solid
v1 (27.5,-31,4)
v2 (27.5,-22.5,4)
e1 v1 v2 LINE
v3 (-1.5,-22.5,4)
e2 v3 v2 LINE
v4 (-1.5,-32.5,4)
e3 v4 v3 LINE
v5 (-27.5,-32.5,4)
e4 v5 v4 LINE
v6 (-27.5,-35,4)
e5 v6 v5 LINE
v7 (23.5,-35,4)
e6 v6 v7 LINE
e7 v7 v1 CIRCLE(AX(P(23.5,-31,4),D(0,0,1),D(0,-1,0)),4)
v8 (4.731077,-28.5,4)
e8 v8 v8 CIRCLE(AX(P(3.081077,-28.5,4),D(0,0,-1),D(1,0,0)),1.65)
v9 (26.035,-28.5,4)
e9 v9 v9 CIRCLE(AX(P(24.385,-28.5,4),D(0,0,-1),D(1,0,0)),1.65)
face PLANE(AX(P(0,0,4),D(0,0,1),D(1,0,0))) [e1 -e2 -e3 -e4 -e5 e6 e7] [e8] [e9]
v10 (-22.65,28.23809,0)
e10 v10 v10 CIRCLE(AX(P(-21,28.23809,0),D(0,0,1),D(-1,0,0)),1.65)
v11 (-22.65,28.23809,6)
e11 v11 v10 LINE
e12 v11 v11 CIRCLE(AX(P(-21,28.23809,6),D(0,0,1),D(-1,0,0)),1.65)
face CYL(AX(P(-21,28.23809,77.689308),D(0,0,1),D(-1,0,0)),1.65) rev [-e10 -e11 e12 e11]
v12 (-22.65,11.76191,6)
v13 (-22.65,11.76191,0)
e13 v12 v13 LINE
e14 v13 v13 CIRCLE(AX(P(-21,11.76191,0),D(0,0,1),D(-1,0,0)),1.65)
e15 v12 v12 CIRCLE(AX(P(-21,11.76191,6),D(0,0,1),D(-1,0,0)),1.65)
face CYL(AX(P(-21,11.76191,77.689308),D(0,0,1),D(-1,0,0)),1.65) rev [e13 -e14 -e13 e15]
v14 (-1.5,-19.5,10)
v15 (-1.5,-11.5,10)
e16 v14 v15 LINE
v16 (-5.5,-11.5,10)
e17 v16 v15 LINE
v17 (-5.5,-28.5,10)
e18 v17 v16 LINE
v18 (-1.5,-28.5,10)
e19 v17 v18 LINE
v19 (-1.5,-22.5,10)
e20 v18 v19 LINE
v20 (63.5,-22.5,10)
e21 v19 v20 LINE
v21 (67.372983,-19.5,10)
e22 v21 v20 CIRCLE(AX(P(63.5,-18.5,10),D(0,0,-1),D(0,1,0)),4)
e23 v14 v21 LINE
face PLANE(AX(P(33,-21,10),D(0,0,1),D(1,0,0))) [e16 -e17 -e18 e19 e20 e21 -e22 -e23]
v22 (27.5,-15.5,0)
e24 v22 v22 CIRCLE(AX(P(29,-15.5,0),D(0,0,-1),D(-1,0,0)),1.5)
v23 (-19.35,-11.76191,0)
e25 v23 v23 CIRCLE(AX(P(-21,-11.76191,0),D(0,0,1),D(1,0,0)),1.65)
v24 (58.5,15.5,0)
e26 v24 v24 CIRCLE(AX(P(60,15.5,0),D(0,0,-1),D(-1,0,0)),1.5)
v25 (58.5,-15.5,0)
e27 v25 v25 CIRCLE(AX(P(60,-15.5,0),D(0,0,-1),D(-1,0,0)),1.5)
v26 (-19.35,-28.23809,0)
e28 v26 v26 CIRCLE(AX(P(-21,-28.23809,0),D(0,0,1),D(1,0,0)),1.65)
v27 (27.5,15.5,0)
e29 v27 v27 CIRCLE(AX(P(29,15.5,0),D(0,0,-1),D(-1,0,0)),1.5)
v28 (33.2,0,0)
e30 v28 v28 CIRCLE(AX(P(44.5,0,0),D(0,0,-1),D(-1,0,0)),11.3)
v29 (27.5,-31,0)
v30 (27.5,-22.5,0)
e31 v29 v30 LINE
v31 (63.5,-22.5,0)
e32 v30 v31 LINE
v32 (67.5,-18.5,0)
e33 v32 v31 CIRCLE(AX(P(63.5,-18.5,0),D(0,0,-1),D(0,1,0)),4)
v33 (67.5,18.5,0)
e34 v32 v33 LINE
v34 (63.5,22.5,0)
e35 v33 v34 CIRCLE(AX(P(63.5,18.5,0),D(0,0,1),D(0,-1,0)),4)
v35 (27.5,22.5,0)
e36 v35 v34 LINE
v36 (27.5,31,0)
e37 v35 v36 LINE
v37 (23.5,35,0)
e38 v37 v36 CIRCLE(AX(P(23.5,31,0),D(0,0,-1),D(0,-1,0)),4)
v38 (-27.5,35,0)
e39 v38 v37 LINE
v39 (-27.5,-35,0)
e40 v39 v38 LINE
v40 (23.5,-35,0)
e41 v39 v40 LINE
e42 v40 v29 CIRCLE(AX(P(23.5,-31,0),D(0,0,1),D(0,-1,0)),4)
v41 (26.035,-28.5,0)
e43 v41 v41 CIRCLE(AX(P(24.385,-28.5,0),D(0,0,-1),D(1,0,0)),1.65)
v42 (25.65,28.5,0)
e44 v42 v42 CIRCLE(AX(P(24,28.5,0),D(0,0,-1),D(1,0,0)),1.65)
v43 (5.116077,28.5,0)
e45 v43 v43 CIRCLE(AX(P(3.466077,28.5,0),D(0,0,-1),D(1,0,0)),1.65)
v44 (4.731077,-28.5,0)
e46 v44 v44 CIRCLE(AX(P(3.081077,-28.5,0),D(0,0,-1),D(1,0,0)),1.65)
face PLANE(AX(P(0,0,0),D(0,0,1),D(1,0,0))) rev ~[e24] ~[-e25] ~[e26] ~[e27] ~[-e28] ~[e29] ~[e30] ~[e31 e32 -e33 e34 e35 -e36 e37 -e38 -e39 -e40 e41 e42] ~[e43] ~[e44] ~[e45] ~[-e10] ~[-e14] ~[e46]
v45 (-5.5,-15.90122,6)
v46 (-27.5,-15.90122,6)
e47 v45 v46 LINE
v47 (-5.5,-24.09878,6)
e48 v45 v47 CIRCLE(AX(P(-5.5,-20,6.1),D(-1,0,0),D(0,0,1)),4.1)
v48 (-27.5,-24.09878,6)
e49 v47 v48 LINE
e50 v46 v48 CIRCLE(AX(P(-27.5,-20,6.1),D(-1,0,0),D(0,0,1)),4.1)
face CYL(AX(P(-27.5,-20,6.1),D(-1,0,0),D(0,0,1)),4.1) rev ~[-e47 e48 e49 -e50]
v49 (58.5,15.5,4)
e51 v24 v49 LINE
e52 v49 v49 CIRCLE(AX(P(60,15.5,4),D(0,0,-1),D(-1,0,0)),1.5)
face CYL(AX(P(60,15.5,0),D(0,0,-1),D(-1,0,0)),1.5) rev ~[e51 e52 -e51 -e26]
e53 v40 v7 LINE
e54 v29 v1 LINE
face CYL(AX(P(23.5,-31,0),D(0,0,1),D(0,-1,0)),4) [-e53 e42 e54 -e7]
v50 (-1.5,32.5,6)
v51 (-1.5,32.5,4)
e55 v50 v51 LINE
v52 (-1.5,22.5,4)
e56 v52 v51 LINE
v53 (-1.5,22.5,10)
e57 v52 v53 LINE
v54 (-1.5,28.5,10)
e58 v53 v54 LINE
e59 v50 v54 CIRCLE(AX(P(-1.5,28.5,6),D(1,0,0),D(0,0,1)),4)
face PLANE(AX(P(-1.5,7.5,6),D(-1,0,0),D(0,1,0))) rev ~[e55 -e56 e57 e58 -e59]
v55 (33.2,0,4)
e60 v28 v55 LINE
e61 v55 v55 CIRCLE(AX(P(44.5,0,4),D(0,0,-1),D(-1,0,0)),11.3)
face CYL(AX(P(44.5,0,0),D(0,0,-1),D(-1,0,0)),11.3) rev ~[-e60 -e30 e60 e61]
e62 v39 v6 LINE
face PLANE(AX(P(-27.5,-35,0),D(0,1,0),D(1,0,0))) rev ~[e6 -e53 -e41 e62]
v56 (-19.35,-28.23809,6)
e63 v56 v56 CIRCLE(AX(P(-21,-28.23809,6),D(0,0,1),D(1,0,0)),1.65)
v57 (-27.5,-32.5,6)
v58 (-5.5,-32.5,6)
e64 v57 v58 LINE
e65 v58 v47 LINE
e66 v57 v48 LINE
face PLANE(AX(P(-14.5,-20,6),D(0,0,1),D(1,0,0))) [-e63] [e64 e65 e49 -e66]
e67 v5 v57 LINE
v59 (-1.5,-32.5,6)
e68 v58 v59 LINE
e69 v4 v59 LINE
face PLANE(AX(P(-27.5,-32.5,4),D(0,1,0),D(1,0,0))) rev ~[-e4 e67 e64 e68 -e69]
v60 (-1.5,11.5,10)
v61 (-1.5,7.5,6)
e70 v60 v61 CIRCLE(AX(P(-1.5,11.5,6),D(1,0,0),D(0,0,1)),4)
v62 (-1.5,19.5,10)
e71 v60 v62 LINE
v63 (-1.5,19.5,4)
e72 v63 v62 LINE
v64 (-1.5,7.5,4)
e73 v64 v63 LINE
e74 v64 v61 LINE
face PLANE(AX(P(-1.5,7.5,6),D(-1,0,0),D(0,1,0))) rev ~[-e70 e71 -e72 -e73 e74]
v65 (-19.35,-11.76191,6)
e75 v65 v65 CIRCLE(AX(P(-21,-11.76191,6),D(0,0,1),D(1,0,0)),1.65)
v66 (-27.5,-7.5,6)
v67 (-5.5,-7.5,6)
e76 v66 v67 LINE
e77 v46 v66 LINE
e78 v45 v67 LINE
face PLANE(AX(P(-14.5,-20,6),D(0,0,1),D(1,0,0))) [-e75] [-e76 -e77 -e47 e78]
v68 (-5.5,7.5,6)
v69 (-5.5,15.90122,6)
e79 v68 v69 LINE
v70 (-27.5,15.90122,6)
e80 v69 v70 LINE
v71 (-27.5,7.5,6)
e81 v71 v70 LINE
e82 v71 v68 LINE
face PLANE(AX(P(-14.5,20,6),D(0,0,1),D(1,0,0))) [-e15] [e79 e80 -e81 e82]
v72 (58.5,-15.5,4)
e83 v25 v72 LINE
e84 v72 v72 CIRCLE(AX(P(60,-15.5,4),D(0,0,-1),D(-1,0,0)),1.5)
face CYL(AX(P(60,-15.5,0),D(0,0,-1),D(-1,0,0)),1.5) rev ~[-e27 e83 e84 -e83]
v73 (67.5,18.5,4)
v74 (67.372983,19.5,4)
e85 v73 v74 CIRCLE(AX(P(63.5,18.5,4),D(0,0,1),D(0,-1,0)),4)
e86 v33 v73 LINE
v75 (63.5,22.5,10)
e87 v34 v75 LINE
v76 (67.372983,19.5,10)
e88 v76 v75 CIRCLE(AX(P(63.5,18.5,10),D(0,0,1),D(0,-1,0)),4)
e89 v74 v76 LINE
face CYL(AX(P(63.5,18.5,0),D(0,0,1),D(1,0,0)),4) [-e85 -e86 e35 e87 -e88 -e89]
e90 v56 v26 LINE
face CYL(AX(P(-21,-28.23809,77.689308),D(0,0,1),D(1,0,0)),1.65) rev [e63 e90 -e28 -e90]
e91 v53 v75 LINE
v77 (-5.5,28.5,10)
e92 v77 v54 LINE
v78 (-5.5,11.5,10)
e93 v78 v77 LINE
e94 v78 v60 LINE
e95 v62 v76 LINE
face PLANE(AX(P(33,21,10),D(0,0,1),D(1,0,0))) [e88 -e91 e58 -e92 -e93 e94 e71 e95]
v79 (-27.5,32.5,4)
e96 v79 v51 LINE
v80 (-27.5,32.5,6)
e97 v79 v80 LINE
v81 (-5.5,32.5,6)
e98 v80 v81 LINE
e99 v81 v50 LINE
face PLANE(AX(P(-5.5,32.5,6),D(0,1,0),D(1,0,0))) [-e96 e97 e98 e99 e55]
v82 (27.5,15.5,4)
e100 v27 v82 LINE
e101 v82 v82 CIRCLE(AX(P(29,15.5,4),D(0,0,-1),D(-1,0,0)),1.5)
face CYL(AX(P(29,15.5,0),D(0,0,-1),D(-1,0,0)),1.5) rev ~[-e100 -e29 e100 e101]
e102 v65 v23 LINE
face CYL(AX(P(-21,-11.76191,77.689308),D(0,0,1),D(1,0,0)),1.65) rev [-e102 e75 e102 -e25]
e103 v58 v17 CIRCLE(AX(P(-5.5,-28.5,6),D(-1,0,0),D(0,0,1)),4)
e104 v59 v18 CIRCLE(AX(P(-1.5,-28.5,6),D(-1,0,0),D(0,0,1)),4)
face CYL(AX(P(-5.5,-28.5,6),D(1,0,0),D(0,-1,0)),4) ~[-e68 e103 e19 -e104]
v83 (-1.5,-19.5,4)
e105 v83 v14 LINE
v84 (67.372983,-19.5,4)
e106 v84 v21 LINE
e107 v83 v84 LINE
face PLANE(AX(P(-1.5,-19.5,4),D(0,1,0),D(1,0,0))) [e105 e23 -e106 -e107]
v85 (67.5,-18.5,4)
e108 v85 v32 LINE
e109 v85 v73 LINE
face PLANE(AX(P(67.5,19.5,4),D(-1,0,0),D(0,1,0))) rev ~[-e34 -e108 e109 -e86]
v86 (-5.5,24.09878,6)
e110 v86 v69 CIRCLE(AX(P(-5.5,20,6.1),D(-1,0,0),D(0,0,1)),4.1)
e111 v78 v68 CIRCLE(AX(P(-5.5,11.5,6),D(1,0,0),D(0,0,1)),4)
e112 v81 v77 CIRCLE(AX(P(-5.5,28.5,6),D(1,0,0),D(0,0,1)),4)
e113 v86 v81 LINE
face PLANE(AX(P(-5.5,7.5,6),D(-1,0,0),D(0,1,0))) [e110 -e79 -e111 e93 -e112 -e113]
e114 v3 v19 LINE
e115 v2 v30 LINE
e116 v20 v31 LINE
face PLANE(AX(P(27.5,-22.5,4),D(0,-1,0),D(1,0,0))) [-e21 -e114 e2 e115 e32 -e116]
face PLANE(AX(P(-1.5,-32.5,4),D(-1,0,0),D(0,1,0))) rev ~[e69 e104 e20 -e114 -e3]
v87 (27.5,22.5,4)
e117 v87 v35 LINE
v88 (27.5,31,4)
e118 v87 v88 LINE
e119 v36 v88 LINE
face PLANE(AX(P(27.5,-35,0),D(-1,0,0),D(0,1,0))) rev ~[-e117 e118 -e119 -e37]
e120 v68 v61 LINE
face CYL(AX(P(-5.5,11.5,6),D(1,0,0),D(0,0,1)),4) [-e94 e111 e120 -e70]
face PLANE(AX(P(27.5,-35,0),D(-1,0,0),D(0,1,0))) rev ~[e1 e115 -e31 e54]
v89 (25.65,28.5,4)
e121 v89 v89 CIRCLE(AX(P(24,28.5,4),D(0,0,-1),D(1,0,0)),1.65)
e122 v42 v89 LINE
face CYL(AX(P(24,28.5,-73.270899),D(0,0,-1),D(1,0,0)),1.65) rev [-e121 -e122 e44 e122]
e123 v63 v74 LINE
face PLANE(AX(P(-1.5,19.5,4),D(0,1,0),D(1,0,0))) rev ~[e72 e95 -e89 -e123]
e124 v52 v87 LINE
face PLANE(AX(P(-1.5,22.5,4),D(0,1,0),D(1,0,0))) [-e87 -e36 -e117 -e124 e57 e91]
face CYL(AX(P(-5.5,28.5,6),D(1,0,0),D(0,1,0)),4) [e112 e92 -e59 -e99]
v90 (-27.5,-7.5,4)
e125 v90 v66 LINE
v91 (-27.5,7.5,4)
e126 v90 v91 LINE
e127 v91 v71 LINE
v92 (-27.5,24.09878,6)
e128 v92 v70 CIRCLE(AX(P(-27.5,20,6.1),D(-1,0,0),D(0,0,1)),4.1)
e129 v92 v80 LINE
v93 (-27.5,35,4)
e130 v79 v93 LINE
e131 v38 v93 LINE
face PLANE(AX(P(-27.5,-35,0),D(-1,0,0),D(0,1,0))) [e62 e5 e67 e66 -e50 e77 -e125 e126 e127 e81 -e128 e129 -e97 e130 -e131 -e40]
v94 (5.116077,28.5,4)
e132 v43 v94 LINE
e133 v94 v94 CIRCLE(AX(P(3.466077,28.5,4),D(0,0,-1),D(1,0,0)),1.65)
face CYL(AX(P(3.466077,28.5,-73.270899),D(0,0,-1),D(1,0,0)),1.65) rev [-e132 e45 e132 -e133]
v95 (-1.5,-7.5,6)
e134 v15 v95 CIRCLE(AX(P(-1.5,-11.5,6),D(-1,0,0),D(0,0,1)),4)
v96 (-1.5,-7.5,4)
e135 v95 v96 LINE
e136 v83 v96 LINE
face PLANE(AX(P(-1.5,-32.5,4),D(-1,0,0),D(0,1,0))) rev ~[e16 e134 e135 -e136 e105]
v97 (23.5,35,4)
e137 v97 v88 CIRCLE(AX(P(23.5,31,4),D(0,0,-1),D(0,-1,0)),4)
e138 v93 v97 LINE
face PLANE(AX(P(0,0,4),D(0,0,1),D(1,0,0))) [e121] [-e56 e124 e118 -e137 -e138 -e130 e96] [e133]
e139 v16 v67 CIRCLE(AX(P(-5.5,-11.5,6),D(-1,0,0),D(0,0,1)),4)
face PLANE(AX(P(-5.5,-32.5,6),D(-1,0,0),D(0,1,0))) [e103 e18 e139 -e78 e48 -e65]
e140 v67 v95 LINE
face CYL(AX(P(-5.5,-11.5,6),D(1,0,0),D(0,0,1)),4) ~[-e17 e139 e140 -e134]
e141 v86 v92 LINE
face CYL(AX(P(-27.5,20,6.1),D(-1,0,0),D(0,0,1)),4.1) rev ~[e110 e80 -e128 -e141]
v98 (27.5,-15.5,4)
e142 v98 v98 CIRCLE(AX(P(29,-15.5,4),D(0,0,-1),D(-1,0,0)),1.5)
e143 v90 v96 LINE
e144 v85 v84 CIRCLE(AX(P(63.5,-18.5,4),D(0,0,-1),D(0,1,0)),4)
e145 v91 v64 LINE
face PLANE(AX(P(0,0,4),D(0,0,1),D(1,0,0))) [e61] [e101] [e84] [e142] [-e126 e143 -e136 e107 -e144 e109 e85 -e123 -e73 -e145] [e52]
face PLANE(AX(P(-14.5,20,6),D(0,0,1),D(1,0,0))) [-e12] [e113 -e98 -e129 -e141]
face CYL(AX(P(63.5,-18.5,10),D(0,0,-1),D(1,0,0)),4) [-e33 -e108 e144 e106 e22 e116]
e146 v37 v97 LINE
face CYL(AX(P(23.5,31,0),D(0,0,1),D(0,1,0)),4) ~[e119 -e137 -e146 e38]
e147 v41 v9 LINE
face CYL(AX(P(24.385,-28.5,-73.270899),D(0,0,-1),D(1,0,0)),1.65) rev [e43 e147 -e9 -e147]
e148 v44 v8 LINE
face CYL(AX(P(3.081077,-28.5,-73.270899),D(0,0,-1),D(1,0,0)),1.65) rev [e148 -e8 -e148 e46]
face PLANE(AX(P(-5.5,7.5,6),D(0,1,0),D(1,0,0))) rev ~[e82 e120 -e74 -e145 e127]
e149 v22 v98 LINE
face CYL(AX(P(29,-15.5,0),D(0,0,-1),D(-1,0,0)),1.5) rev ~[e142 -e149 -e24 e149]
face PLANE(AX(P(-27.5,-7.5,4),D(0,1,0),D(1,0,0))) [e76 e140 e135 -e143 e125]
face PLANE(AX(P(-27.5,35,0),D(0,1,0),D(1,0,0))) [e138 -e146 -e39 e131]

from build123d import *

# Parameters (mm, degrees)
SKETCH1_W               = 55
SKETCH1_H               = 70
BOSS_EXTRUDE1_DEPTH     = 4
SKETCH4_W               = 26
SKETCH4_H               = 25
BOSS_EXTRUDE2_DEPTH     = 2
SKETCH3_R               = 4.1
CUT_EXTRUDE1_DEPTH      = 22
SKETCH5_W               = 40
SKETCH5_H               = 45
BOSS_EXTRUDE3_DEPTH     = 4
SKETCH7_R               = 11.3
SKETCH7_R_2             = 1.5
CUT_EXTRUDE2_DEPTH      = 77.270898775
FILLET1_R               = 4
SKETCH8_W               = 4
SKETCH8_H               = 25
BOSS_EXTRUDE4_DEPTH     = 4
FILLET2_R               = 4
SKETCH10_W              = 69
SKETCH10_H              = 3
BOSS_EXTRUDE5_DEPTH     = 6
CUT_EXTRUDE4_DEPTH      = 77.270898775
CUT_EXTRUDE4_DEPTH_BACK = 77.270898775
SKETCH12_R              = 1.65
CUT_EXTRUDE5_DEPTH      = 77.689308251
CUT_EXTRUDE5_DEPTH_BACK = 77.689308251
SKETCH13_R              = 1.65
FILLET3_R               = 4


with BuildPart() as part:
    # Sketch1 → Boss-Extrude1 (new body)
    with BuildSketch(Plane.XY):
        Rectangle(SKETCH1_W, SKETCH1_H)
    extrude(amount=BOSS_EXTRUDE1_DEPTH)

    # Sketch4 → Boss-Extrude2 (add)
    with BuildSketch(Plane.XY.offset(4)):
        with Locations((-14.5, 20)):
            Rectangle(SKETCH4_W, SKETCH4_H)
        with Locations((-14.5, -20)):
            Rectangle(SKETCH4_W, SKETCH4_H)
    extrude(amount=BOSS_EXTRUDE2_DEPTH)

    # Sketch3 → Cut-Extrude1 (cut)
    with BuildSketch(Plane.ZY.offset(27.5)):
        with Locations((6.1, 20)):
            Circle(SKETCH3_R)
        with Locations((6.1, -20)):
            Circle(SKETCH3_R)
    extrude(amount=-CUT_EXTRUDE1_DEPTH, mode=Mode.SUBTRACT)

    # Sketch5 → Boss-Extrude3 (add)
    with BuildSketch(Plane.XY.offset(4)):
        with Locations((47.5, 0)):
            Rectangle(SKETCH5_W, SKETCH5_H)
    extrude(amount=-BOSS_EXTRUDE3_DEPTH)

    # Sketch7 → Cut-Extrude2 (cut, through all)
    with BuildSketch(Plane(origin=(0, 0, 0), x_dir=(-1, 0, 0), z_dir=(0, 0, -1))):
        with Locations((-44.5, 0)):
            Circle(SKETCH7_R)
        with Locations((-60, 15.5)):
            Circle(SKETCH7_R_2)
        with Locations((-29, 15.5)):
            Circle(SKETCH7_R_2)
        with Locations((-29, -15.5)):
            Circle(SKETCH7_R_2)
        with Locations((-60, -15.5)):
            Circle(SKETCH7_R_2)
    extrude(amount=-CUT_EXTRUDE2_DEPTH, mode=Mode.SUBTRACT)

    # Fillet1
    fillet1_edges = [part.edges().sort_by_distance(p)[0] for p in [
        (27.5, -35, 2),
        (27.5, 35, 2),
    ]]
    fillet(fillet1_edges, radius=FILLET1_R)

    # Sketch8 → Boss-Extrude4 (add)
    with BuildSketch(Plane.XY.offset(6)):
        with Locations((-3.5, 20)):
            Rectangle(SKETCH8_W, SKETCH8_H)
        with Locations((-3.5, -20)):
            Rectangle(SKETCH8_W, SKETCH8_H)
    extrude(amount=BOSS_EXTRUDE4_DEPTH)

    # Fillet2
    fillet2_edges = [part.edges().sort_by_distance(p)[0] for p in [
        (-3.5, -32.5, 10),
        (-3.5, -7.5, 10),
        (-3.5, 32.5, 10),
        (-3.5, 7.5, 10),
    ]]
    fillet(fillet2_edges, radius=FILLET2_R)

    # Sketch10 → Boss-Extrude5 (add)
    with BuildSketch(Plane.XY.offset(4)):
        with Locations((33, 21)):
            Rectangle(SKETCH10_W, SKETCH10_H)
        with Locations((33, -21)):
            Rectangle(SKETCH10_W, SKETCH10_H)
    extrude(amount=BOSS_EXTRUDE5_DEPTH)

    # Sketch12 → Cut-Extrude4 (cut, two sides: drawn at the far end of the back side and taken through both)
    with BuildSketch(Plane.XY.offset(4).offset(-CUT_EXTRUDE4_DEPTH_BACK)):
        with Locations((3.466076719, 28.5)):
            Circle(SKETCH12_R)
        with Locations((24, 28.5)):
            Circle(SKETCH12_R)
        with Locations((24.385, -28.5)):
            Circle(SKETCH12_R)
        with Locations((3.081076719, -28.5)):
            Circle(SKETCH12_R)
    extrude(amount=CUT_EXTRUDE4_DEPTH + CUT_EXTRUDE4_DEPTH_BACK, mode=Mode.SUBTRACT)

    # Sketch13 → Cut-Extrude5 (cut, two sides: drawn at the far end of the back side and taken through both)
    with BuildSketch(Plane(origin=(0, 0, 0), x_dir=(-1, 0, 0), z_dir=(0, 0, -1)).offset(-CUT_EXTRUDE5_DEPTH_BACK)):
        with Locations(Location((21, -11.761910465, 0), (0, 0, 180))):
            Circle(SKETCH13_R)
        with Locations(Location((21, -28.238089535, 0), (0, 0, 180))):
            Circle(SKETCH13_R)
        with Locations((21, 28.238089535)):
            Circle(SKETCH13_R)
        with Locations((21, 11.761910465)):
            Circle(SKETCH13_R)
    extrude(amount=CUT_EXTRUDE5_DEPTH + CUT_EXTRUDE5_DEPTH_BACK, mode=Mode.SUBTRACT)

    # Fillet3
    fillet3_edges = [part.edges().sort_by_distance(p)[0] for p in [
        (67.5, 22.5, 5),
        (67.5, -22.5, 5),
    ]]
    fillet(fillet3_edges, radius=FILLET3_R)


solid = part.part
